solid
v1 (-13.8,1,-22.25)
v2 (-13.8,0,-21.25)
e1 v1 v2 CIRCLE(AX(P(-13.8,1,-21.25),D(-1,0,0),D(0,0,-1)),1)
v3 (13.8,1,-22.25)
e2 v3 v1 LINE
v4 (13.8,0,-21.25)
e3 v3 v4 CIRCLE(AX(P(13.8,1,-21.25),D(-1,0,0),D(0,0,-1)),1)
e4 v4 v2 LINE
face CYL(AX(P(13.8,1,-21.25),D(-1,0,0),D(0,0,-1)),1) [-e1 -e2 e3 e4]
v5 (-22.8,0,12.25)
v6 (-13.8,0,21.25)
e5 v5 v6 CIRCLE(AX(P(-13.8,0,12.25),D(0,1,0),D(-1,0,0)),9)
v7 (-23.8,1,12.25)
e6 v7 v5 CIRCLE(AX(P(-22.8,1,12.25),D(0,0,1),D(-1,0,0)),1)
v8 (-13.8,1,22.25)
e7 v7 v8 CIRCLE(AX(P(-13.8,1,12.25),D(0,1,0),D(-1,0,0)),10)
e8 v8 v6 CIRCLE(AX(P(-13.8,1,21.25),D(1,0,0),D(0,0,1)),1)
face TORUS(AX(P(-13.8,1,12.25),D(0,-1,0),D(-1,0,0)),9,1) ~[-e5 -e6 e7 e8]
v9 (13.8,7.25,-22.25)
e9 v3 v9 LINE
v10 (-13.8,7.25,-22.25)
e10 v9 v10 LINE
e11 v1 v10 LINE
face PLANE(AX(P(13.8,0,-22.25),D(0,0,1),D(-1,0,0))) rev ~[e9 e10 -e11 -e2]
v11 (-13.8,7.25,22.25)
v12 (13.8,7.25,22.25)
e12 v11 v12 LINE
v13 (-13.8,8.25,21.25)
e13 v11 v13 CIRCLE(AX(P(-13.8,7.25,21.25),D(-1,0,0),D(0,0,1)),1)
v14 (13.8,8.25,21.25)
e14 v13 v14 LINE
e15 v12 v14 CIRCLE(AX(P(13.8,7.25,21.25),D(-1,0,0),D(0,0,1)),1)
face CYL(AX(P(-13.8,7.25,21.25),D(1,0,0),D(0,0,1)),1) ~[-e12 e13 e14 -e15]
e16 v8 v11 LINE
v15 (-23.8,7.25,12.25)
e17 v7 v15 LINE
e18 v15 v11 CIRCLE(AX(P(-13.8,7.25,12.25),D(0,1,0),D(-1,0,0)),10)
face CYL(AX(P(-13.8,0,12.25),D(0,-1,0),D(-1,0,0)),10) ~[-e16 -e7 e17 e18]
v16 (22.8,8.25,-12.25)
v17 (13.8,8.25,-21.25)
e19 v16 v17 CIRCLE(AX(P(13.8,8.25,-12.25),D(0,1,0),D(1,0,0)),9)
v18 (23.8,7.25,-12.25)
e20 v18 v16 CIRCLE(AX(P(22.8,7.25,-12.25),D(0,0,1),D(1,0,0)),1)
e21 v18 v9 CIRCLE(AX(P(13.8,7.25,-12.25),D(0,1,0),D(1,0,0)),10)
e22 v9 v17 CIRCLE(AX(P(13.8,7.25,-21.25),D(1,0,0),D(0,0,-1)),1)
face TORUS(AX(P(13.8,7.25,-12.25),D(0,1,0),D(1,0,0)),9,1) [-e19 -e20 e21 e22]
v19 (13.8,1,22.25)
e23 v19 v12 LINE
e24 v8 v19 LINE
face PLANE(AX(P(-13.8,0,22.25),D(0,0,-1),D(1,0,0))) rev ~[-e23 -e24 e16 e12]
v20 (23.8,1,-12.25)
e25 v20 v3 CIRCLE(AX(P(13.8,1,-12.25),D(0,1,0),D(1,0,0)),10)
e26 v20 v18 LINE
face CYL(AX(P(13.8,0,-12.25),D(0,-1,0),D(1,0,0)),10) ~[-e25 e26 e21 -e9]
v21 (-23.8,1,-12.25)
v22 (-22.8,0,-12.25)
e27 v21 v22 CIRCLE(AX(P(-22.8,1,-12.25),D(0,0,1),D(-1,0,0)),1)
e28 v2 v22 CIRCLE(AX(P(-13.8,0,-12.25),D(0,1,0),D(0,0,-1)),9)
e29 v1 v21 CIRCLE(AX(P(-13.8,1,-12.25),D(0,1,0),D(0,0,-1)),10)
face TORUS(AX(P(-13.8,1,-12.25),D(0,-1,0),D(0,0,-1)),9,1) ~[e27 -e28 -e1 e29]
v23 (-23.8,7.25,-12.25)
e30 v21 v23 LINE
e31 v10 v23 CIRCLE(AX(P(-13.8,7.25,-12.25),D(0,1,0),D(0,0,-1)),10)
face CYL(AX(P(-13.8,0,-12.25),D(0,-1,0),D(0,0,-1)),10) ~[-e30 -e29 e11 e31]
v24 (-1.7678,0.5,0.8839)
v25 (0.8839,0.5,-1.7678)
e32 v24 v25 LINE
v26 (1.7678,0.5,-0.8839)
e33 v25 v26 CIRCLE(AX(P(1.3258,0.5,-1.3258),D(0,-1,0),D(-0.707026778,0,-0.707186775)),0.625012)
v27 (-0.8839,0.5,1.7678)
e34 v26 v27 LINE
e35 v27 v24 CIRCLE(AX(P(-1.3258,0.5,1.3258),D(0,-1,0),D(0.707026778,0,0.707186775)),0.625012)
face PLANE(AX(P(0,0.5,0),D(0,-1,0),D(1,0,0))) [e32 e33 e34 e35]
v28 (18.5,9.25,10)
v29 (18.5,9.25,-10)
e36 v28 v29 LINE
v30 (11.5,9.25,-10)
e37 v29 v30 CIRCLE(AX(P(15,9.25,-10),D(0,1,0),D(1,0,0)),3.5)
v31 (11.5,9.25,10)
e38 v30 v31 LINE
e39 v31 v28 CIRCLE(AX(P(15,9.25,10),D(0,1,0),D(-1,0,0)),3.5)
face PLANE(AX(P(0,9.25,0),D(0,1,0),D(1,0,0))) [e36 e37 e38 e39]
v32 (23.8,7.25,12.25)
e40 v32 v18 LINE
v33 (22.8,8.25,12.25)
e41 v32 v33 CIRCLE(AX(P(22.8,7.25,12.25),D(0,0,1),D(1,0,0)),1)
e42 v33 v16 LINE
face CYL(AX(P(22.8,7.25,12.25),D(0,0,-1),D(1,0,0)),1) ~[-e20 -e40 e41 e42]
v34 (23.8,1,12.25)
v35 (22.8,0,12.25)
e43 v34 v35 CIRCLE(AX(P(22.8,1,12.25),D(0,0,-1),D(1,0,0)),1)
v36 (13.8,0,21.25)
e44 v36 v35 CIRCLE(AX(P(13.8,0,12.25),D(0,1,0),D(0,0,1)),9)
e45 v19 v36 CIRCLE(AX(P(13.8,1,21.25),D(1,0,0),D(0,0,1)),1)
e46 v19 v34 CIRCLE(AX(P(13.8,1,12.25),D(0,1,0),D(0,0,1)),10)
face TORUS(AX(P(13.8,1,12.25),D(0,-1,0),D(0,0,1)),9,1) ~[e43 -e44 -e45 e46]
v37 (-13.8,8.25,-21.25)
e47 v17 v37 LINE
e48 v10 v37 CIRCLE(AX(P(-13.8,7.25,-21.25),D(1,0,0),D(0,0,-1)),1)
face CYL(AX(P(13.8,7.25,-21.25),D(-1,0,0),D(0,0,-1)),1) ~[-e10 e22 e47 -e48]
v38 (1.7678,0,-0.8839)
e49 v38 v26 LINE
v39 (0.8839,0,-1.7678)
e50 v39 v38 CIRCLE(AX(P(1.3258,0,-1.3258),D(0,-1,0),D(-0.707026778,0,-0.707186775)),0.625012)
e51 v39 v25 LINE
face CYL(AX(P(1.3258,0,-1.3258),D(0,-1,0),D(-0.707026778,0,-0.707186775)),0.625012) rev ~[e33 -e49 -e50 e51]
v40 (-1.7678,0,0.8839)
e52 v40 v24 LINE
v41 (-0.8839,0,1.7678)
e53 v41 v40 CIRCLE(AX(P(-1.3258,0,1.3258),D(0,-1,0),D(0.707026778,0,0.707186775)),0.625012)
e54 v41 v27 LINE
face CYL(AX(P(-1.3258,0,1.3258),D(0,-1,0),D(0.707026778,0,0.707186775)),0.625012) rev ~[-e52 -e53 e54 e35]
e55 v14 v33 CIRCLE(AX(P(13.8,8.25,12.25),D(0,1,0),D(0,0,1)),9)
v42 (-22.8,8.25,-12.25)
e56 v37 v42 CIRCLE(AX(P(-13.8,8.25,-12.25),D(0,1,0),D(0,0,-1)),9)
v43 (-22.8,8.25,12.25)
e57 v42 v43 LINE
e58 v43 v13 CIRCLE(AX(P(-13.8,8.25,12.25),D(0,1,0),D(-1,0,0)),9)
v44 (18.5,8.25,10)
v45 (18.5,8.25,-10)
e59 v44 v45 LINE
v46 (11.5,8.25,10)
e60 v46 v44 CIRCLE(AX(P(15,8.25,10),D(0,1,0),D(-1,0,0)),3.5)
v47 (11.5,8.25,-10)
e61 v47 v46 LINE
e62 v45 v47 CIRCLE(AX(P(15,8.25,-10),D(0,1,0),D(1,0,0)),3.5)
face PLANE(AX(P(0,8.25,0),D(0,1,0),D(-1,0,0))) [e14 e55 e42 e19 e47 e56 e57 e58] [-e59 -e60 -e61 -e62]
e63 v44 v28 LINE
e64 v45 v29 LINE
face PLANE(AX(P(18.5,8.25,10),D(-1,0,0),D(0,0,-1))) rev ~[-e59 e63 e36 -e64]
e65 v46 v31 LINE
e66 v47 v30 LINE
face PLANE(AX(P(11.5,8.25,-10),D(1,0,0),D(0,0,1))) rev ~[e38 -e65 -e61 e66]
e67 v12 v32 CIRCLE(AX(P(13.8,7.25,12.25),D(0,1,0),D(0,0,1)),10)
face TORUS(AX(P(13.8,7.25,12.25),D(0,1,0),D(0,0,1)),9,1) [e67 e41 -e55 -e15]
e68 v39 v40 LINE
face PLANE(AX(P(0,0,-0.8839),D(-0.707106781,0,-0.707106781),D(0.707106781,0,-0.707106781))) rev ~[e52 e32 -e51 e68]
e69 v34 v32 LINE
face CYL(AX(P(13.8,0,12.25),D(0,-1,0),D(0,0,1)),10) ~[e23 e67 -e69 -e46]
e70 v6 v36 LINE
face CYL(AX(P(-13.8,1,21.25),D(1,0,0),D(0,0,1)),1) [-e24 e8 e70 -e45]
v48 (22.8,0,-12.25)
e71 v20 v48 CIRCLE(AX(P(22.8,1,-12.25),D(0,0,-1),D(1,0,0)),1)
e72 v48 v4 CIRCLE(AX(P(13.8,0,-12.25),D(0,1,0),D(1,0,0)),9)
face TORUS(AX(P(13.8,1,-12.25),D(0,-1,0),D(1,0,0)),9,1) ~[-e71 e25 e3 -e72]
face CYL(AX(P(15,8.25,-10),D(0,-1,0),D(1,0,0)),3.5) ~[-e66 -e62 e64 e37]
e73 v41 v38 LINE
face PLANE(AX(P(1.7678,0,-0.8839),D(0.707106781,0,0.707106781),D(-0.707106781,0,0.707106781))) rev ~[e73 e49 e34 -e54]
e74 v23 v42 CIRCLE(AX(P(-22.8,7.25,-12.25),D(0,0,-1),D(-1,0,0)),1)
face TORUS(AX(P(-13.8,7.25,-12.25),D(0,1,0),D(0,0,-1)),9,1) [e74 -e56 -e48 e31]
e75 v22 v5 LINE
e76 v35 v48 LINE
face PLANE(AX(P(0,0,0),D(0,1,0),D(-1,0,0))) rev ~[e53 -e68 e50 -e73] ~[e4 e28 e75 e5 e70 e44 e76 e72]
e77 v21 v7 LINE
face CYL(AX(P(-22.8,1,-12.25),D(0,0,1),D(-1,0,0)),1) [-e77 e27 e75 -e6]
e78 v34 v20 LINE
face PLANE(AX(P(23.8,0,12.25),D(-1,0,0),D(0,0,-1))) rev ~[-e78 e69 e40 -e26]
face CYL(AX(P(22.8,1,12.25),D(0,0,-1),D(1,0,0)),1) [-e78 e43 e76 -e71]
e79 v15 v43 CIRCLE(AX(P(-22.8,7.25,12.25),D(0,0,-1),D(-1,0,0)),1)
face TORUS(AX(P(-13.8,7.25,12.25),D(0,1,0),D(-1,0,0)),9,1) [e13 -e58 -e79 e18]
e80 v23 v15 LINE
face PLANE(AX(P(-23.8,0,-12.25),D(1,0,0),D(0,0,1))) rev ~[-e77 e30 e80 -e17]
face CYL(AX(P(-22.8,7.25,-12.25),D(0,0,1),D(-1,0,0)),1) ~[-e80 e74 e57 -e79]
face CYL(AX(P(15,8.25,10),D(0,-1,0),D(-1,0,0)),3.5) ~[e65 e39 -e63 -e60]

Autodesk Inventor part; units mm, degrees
ref_plane "YZ Plane" through (0, 0, 0) normal (1, 0, 0) x (0, 1, 0)
ref_plane "XZ Plane" through (0, 0, 0) normal (0, 1, 0) x (-1, 0, 0)
ref_plane "XY Plane" through (0, 0, 0) normal (0, 0, 1) x (1, 0, 0)
sketch "Sketch1" plane through (0, 0, 0) normal (0, 1, 0) x (-1, 0, 0)
  line L0 (13.8, 22.25) -> (-13.8, 22.25)
  line L1 (-23.8, 12.25) -> (-23.8, -12.25)
  line L2 (-13.8, -22.25) -> (13.8, -22.25)
  line L3 (23.8, -12.25) -> (23.8, 12.25)
  line L4 (23.8, 22.25) -> (-23.8, -22.25) construction
  line L5 (-23.8, 22.25) -> (23.8, -22.25) construction
  arc A0 (23.8, 12.25) -> (13.8, 22.25) centre (13.8, 12.25) ccw
  arc A1 (13.8, -22.25) -> (23.8, -12.25) centre (13.8, -12.25) ccw
  arc A2 (-23.8, -12.25) -> (-13.8, -22.25) centre (-13.8, -12.25) ccw
  arc A3 (-13.8, 22.25) -> (-23.8, 12.25) centre (-13.8, 12.25) ccw
  point P0 (0, 0)
  dimension "d0" = 47.6
  dimension "d1" = 44.5
  dimension "d3" = 10
extrude "Extrusion1" add sketch "Sketch1" along normal blind 8.25
fillet "Fillet1" radius 1 16 edges at (20.8711, 0, 19.3211) (23.8, 0, 0) (20.8711, 0, -19.3211) (0, 0, -22.25) (-20.8711, 0, -19.3211) (-23.8, 0, 0) (-20.8711, 0, 19.3211) (0, 0, 22.25) (23.8, 8.25, 0) (20.8711, 8.25, -19.3211) (0, 8.25, -22.25) (-20.8711, 8.25, -19.3211) (-23.8, 8.25, 0) (-20.8711, 8.25, 19.3211) (0, 8.25, 22.25) (20.8711, 8.25, 19.3211)
sketch "Sketch2" plane through (0, 0, 0) normal (0, -1, 0) x (1, 0, 0)
  line L0 (-33.32, 0) -> (33.32, 0) projected
  line L1 (0, -31.15) -> (0, 31.15) projected
  point P0 (0, 0)
  point P1 (17, 12.5)
  point P2 (17, -12.5)
  point P3 (-17, 12.5)
  point P4 (-17, -12.5)
  dimension "d7" = 25
  dimension "d8" = 34
sketch "Sketch3" plane through (0, 0, 0) normal (0, -1, 0) x (1, 0, 0)
  line L0 (1.3258, -1.3258) -> (-1.3258, 1.3258) construction
  line L1 (1.7678, -0.8839) -> (-0.8839, 1.7678)
  line L2 (-1.7678, 0.8839) -> (0.8839, -1.7678)
  arc A0 (0.8839, -1.7678) -> (1.7678, -0.8839) centre (1.3258, -1.3258) ccw
  arc A1 (-0.8839, 1.7678) -> (-1.7678, 0.8839) centre (-1.3258, 1.3258) ccw
  line L3 (0, -31.15) -> (0, 31.15) projected
  point P0 (0, 0)
  point P1 (-1.7678, 1.7678)
  point P2 (1.7678, -1.7678)
  dimension "d9" = 5
  dimension "d10" = 1.25
  dimension "d11" = 135
extrude "Extrusion2" cut sketch "Sketch3" against normal blind 0.5
sketch "Sketch5" plane through (0, 8.25, 0) normal (0, 1, 0) x (1, 0, 0)
  line L0 (15, 10) -> (15, -10) construction
  line L1 (11.5, 10) -> (11.5, -10)
  line L2 (18.5, -10) -> (18.5, 10)
  arc A0 (18.5, 10) -> (11.5, 10) centre (15, 10) ccw
  arc A1 (11.5, -10) -> (18.5, -10) centre (15, -10) ccw
  point P0 (0, 0)
  point P1 (15, 0)
  dimension "d16" = 10
  dimension "d17" = 7
  dimension "d18" = 15
extrude "Extrusion4" add sketch "Sketch5" along normal blind 1
properties part number "Pin-Low-Fidelity"
